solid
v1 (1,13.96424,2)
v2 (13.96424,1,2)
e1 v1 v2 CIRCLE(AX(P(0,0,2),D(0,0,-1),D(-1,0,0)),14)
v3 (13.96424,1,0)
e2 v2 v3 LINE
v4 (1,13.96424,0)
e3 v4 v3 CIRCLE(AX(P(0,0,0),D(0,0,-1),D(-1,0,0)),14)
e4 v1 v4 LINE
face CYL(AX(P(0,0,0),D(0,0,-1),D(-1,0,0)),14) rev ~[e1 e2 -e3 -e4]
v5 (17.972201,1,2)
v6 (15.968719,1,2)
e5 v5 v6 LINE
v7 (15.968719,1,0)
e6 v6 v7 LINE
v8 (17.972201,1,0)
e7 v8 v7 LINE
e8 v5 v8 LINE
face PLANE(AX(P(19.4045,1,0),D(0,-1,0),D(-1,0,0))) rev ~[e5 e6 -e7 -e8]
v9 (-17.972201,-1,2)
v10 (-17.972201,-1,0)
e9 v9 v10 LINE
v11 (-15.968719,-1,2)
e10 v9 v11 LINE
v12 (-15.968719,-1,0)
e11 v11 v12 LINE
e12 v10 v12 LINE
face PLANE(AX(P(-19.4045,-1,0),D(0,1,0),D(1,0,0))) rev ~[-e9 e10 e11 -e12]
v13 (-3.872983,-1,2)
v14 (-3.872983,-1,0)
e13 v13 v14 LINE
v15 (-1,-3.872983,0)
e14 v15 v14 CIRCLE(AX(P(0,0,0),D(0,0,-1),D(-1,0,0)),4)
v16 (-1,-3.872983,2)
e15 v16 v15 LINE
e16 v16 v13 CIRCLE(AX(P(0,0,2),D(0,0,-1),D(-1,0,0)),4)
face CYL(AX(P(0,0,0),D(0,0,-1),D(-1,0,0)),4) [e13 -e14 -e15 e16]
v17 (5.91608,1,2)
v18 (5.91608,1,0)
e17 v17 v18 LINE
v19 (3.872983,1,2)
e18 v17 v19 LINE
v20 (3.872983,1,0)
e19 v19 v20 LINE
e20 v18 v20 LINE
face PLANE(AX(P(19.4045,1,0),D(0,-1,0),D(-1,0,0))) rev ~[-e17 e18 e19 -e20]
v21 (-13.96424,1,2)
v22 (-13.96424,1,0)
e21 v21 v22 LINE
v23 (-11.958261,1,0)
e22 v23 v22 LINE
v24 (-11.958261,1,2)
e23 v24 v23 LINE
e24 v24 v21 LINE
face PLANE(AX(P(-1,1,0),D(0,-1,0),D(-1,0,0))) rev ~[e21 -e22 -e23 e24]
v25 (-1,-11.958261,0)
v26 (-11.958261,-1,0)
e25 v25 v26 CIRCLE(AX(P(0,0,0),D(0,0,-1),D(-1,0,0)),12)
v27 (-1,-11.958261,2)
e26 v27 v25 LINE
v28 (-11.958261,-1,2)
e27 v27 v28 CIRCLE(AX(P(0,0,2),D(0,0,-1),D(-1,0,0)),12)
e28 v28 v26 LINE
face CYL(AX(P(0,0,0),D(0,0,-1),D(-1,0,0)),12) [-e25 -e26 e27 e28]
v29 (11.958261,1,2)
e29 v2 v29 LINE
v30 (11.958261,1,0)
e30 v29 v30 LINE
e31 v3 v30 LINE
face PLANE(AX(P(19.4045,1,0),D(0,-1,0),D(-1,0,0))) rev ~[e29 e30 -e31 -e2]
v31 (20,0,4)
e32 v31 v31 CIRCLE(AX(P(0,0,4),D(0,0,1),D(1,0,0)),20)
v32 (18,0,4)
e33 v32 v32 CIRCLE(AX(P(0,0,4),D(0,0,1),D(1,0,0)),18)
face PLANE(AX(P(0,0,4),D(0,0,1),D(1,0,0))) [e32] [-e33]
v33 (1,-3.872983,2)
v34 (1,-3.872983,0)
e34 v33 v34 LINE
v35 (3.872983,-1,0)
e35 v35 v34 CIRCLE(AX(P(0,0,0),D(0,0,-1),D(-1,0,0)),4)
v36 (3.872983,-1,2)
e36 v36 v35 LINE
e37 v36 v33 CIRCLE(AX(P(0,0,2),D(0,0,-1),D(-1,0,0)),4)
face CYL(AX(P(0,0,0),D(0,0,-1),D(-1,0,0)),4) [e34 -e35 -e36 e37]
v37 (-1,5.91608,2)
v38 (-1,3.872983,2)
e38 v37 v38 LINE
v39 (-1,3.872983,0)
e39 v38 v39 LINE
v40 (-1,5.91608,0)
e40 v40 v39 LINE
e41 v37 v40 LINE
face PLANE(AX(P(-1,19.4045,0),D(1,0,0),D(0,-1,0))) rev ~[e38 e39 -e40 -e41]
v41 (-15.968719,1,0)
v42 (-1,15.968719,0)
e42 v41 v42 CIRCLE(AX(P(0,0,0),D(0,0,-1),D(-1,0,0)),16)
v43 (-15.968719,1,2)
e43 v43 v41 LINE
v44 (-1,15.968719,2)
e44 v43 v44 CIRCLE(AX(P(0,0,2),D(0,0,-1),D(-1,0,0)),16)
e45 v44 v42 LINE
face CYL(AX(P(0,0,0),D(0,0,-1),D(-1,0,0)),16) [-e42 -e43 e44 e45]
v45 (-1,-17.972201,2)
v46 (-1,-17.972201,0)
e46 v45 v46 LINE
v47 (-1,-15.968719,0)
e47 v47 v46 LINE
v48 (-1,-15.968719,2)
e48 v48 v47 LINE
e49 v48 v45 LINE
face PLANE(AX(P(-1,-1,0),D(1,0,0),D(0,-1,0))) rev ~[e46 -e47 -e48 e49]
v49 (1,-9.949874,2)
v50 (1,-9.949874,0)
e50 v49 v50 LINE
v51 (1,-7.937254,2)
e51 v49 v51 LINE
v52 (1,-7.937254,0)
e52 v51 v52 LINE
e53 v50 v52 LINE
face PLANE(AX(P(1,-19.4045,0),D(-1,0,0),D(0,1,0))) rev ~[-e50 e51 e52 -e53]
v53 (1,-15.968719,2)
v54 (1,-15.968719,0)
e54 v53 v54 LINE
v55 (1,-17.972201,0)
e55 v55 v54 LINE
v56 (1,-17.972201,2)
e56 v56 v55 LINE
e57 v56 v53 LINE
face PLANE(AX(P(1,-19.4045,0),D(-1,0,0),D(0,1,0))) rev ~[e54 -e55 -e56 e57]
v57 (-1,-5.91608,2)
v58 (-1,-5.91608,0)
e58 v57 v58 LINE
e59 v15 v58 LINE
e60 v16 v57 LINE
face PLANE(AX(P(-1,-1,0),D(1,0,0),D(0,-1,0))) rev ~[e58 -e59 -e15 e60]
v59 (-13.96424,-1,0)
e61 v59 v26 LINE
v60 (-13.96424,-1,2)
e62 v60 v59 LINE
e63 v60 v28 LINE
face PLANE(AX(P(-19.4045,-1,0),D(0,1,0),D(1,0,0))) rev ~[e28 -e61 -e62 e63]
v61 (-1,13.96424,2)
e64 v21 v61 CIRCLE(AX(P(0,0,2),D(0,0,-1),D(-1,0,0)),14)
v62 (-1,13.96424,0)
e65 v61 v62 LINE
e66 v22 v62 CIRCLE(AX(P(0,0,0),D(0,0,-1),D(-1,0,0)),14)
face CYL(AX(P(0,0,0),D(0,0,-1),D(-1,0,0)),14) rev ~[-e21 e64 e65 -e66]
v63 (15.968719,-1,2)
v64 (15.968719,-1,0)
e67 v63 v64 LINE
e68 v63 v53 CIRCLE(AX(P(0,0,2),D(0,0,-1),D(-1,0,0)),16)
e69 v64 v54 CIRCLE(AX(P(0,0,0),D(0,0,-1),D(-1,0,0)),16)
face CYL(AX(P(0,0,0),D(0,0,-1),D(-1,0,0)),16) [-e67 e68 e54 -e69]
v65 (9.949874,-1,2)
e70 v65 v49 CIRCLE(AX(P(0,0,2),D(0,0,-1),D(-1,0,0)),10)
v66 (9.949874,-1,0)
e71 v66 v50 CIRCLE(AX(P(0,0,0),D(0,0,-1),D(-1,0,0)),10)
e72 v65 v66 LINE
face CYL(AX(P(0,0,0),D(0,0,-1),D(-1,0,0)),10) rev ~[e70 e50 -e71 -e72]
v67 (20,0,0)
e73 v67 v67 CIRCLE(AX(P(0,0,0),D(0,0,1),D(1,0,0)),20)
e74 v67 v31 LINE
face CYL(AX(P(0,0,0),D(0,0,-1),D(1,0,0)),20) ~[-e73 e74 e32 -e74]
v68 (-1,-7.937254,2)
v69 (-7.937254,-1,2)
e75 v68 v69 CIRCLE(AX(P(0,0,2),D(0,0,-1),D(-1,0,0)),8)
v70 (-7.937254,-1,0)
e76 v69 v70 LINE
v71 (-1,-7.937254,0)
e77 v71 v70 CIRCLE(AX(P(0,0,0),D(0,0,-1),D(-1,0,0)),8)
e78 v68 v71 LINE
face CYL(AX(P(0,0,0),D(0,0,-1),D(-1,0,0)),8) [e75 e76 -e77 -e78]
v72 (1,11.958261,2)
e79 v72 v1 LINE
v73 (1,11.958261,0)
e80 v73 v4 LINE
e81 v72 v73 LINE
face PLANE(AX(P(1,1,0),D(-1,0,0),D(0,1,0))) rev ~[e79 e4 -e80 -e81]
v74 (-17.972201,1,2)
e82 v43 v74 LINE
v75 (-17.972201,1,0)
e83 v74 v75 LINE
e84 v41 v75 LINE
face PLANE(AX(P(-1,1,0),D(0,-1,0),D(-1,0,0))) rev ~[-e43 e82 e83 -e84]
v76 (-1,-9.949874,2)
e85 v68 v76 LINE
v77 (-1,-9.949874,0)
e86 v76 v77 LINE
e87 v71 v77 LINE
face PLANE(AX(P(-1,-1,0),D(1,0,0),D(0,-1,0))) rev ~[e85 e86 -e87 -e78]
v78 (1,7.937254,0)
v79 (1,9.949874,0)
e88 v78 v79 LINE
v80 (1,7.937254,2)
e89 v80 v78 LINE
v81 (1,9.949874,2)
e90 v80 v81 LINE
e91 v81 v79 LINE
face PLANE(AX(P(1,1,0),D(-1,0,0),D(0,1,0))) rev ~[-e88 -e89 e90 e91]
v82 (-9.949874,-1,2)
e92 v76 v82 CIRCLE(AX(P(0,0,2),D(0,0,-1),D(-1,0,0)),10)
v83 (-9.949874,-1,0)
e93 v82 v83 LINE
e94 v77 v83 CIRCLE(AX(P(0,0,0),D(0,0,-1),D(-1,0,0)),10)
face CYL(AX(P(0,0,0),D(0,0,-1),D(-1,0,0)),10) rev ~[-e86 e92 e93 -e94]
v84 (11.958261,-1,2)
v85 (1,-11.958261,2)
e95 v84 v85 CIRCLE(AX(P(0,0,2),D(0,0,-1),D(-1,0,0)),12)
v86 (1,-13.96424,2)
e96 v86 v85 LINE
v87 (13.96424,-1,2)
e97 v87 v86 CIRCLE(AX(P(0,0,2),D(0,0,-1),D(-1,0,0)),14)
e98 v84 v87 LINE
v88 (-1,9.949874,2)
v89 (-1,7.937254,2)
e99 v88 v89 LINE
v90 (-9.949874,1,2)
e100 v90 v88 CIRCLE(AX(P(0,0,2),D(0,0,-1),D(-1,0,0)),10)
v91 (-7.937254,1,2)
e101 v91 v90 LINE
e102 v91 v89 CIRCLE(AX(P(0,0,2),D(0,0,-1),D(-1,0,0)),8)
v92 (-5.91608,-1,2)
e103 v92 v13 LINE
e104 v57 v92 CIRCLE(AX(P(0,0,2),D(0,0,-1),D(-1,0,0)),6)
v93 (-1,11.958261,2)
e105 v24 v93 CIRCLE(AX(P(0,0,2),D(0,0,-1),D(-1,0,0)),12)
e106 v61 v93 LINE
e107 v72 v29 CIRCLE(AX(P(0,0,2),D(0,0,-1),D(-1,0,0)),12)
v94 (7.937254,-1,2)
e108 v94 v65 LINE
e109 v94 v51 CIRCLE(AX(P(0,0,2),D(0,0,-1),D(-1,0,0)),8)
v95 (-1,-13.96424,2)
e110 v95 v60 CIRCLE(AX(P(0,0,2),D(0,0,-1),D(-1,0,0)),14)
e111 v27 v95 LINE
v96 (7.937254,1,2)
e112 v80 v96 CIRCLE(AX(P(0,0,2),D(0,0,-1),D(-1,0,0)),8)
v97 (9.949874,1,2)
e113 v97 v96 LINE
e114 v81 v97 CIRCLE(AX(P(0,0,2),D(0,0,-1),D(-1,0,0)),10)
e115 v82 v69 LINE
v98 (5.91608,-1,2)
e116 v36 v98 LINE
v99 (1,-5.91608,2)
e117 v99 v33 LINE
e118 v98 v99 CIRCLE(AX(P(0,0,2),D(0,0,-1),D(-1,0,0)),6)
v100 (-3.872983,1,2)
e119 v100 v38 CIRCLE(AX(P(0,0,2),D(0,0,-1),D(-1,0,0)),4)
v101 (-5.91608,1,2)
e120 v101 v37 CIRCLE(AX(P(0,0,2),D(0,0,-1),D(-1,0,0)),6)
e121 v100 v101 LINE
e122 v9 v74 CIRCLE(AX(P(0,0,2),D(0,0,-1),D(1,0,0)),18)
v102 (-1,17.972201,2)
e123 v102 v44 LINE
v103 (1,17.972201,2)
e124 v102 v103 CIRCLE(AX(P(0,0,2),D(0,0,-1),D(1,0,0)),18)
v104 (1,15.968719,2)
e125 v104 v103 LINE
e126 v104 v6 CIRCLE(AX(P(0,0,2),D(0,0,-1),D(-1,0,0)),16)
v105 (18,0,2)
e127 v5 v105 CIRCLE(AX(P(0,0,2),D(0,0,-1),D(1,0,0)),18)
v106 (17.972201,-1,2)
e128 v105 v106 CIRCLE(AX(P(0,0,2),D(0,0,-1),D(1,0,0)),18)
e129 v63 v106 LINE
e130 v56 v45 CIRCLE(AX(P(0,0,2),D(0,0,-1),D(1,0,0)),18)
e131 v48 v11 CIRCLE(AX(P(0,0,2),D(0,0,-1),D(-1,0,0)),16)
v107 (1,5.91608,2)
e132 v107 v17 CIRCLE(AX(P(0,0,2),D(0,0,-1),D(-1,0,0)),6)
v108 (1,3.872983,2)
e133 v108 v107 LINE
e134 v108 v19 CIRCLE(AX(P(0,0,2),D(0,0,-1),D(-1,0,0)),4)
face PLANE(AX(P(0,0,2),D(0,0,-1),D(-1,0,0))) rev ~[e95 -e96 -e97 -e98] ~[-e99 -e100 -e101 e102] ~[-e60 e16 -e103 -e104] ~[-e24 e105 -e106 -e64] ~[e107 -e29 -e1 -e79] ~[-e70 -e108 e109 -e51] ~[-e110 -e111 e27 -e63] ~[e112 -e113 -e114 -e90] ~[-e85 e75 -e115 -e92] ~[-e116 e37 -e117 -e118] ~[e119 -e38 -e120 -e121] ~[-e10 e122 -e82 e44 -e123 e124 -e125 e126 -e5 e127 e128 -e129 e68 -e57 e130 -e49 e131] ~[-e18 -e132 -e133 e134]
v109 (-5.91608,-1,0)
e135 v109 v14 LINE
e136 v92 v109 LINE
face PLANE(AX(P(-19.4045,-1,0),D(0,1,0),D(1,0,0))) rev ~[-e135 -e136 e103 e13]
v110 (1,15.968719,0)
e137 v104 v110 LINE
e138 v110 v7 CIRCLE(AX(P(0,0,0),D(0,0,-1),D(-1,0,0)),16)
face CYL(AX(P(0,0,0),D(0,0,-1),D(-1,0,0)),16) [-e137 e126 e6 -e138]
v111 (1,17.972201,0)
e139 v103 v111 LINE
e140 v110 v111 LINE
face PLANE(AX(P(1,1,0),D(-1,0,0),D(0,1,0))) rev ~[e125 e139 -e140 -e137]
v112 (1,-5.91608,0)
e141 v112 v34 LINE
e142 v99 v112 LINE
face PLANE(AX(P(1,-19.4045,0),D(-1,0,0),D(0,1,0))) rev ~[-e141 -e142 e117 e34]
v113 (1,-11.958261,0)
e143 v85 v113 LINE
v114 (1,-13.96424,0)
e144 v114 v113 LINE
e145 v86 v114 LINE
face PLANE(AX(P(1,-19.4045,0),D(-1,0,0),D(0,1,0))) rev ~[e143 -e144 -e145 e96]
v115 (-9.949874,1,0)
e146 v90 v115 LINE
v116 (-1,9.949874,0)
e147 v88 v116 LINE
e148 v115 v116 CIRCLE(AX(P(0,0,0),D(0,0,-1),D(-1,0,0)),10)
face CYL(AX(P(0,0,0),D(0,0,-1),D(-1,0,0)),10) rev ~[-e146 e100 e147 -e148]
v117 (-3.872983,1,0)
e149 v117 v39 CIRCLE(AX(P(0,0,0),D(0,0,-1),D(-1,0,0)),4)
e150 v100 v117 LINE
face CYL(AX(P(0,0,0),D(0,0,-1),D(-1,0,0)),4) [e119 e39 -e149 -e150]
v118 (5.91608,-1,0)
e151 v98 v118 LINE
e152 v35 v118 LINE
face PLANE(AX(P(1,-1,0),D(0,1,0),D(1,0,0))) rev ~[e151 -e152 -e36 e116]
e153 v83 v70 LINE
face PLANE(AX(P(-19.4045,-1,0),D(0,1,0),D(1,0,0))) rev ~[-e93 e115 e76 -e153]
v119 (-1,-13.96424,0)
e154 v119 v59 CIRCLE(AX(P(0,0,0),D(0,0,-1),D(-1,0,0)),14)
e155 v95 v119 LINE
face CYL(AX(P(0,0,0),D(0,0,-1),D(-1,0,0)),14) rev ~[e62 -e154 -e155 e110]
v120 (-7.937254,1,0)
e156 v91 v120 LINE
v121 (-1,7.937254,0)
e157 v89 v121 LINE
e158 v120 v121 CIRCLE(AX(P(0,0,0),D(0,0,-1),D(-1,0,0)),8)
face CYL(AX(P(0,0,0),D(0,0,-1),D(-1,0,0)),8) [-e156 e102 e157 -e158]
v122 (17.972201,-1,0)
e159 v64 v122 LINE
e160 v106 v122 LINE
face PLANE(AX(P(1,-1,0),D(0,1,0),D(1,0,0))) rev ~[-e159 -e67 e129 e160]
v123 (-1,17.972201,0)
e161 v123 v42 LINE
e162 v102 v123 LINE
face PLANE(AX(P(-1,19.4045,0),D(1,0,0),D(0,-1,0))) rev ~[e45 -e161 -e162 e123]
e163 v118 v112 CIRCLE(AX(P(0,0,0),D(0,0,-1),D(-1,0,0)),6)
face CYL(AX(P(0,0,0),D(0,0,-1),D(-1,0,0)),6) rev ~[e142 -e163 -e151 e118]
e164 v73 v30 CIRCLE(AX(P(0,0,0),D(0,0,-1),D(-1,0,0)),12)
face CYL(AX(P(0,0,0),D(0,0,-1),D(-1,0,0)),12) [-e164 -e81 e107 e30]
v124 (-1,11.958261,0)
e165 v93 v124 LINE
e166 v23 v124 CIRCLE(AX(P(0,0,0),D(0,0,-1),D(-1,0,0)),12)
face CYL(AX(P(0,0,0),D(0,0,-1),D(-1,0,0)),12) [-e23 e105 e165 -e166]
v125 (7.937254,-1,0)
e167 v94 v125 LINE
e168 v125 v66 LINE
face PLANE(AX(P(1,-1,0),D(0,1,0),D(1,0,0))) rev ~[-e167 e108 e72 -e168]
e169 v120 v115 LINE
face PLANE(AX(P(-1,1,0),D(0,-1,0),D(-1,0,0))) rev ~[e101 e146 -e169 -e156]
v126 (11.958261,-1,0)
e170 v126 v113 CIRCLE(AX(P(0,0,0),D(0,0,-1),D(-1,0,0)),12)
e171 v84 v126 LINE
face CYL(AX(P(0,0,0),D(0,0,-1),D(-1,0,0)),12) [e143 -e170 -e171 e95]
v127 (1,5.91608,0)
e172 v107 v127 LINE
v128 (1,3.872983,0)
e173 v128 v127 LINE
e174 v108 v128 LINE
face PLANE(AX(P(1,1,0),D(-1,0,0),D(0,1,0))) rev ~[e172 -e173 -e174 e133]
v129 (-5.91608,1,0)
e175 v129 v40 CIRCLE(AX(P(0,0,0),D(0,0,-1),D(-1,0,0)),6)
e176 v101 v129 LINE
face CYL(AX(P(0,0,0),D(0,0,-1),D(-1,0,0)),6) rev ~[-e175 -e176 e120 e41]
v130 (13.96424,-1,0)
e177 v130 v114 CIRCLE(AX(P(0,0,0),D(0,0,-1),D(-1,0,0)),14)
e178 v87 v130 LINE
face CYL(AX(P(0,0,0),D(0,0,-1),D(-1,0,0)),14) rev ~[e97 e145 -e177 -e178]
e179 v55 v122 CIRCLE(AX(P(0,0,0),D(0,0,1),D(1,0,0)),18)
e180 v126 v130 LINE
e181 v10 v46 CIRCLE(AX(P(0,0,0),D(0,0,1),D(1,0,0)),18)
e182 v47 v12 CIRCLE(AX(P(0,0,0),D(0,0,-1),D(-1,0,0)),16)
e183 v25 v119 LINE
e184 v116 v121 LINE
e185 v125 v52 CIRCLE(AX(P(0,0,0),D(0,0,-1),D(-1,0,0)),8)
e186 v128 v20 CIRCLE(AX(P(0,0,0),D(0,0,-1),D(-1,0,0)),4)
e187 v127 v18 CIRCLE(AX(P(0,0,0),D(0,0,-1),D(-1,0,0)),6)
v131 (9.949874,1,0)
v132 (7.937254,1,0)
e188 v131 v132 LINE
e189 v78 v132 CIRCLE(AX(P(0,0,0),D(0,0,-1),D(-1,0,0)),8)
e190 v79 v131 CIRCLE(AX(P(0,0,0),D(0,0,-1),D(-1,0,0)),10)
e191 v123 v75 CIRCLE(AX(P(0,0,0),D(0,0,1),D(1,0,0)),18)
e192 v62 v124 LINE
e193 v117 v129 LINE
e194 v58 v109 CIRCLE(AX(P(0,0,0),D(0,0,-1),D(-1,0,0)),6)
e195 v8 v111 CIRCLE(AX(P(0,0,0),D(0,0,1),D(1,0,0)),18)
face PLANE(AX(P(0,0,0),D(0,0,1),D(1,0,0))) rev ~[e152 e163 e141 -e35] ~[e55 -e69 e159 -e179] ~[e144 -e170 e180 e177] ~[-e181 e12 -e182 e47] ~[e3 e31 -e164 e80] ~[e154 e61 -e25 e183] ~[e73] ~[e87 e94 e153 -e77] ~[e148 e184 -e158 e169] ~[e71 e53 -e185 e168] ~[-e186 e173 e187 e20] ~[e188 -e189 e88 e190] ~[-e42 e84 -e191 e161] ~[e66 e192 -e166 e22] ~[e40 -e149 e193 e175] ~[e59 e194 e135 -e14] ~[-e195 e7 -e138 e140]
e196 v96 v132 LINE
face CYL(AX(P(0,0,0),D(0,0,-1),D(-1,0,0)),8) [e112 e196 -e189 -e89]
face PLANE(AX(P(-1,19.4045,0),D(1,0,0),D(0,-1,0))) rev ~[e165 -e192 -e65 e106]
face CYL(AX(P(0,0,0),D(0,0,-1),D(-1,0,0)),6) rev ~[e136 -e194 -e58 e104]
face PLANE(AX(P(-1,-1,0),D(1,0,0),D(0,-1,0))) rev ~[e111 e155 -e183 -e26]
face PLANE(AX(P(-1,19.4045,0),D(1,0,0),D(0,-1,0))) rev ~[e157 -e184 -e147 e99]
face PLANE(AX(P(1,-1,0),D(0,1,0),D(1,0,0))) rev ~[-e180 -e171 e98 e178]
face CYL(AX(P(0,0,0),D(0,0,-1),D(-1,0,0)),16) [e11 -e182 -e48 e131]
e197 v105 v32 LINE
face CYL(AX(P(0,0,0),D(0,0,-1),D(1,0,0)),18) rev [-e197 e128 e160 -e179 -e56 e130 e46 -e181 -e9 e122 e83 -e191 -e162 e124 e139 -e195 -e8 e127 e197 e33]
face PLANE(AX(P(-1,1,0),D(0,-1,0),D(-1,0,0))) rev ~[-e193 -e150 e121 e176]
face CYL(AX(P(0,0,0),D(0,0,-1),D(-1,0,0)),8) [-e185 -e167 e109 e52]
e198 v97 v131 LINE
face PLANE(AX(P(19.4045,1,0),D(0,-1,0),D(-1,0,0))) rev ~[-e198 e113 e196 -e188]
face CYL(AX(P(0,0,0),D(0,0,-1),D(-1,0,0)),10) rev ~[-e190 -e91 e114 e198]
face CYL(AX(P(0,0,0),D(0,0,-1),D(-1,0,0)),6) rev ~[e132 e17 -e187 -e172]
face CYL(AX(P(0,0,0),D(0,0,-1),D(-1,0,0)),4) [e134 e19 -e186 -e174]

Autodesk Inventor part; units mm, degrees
ref_plane "YZ Plane" through (0, 0, 0) normal (1, 0, 0) x (0, 1, 0)
ref_plane "XZ Plane" through (0, 0, 0) normal (0, 1, 0) x (-1, 0, 0)
ref_plane "XY Plane" through (0, 0, 0) normal (0, 0, 1) x (1, 0, 0)
sketch "Boceto1" plane through (0, 0, 0) normal (0, 0, 1) x (1, 0, 0)
  circle A0 centre (0, 0) radius 20
  circle A1 centre (0, 0) radius 18
  dimension "d0" = 40
  dimension "d1" = 36
extrude "Extrusión1" add sketch "Boceto1" along normal blind 4
sketch "Boceto2" plane through (0, 0, 0) normal (0, 0, -1) x (-1, 0, 0)
  circle A0 centre (0, 0) radius 16
  circle A1 centre (0, 0) radius 14
  circle A2 centre (0, 0) radius 12
  circle A3 centre (0, 0) radius 10
  circle A4 centre (0, 0) radius 8
  circle A5 centre (0, 0) radius 6
  circle A6 centre (0, 0) radius 4
  dimension "d4" = 32
  dimension "d5" = 28
  dimension "d6" = 24
  dimension "d7" = 20
  dimension "d8" = 16
  dimension "d9" = 12
  dimension "d10" = 8
extrude "Extrusión2" add sketch "Boceto2" against normal blind 2
sketch "Boceto3" plane through (0, 0, 0) normal (0, 0, -1) x (-1, 0, 0)
  line L0 (-19.4045, 1) -> (19.4045, 1)
  line L1 (19.4045, 1) -> (19.4045, -1)
  line L2 (19.4045, -1) -> (-19.4045, -1)
  line L3 (-19.4045, -1) -> (-19.4045, 1)
  line L4 (-19.4045, 1) -> (19.4045, -1) construction
  line L5 (19.4045, 1) -> (-19.4045, -1) construction
  line L6 (-1, 19.4045) -> (1, 19.4045)
  line L7 (1, 19.4045) -> (1, -19.4045)
  line L8 (1, -19.4045) -> (-1, -19.4045)
  line L9 (-1, -19.4045) -> (-1, 19.4045)
  line L10 (-1, 19.4045) -> (1, -19.4045) construction
  line L11 (1, 19.4045) -> (-1, -19.4045) construction
  point P0 (0, 0)
  point P1 (0, 0)
  dimension "d13" = 2
  dimension "d14" = 2
extrude "Extrusión3" add sketch "Boceto3" against normal blind 2
equation "\"Radio_pliegue\" = Grosor"
equation "\"Anchura_desahogo_plegado\" = Grosor"
equation "\"Profundidad_desahogo_plegado\" = 0.5 * Grosor"
equation "\"Tamaño_destalonado\" = 4 * Grosor"
equation "\"Remanente_mínimo\" = 2 * Grosor"
equation "\"Radiodetransición\" = Radio_pliegue"
equation "\"Tamaño_de_radio_de_Jacobi\" = Radio_pliegue"
equation "\"TamañoSeparación\" = Grosor"
equation "\"Grosor\" = 0.5"
properties part number "Lattice bottom"
